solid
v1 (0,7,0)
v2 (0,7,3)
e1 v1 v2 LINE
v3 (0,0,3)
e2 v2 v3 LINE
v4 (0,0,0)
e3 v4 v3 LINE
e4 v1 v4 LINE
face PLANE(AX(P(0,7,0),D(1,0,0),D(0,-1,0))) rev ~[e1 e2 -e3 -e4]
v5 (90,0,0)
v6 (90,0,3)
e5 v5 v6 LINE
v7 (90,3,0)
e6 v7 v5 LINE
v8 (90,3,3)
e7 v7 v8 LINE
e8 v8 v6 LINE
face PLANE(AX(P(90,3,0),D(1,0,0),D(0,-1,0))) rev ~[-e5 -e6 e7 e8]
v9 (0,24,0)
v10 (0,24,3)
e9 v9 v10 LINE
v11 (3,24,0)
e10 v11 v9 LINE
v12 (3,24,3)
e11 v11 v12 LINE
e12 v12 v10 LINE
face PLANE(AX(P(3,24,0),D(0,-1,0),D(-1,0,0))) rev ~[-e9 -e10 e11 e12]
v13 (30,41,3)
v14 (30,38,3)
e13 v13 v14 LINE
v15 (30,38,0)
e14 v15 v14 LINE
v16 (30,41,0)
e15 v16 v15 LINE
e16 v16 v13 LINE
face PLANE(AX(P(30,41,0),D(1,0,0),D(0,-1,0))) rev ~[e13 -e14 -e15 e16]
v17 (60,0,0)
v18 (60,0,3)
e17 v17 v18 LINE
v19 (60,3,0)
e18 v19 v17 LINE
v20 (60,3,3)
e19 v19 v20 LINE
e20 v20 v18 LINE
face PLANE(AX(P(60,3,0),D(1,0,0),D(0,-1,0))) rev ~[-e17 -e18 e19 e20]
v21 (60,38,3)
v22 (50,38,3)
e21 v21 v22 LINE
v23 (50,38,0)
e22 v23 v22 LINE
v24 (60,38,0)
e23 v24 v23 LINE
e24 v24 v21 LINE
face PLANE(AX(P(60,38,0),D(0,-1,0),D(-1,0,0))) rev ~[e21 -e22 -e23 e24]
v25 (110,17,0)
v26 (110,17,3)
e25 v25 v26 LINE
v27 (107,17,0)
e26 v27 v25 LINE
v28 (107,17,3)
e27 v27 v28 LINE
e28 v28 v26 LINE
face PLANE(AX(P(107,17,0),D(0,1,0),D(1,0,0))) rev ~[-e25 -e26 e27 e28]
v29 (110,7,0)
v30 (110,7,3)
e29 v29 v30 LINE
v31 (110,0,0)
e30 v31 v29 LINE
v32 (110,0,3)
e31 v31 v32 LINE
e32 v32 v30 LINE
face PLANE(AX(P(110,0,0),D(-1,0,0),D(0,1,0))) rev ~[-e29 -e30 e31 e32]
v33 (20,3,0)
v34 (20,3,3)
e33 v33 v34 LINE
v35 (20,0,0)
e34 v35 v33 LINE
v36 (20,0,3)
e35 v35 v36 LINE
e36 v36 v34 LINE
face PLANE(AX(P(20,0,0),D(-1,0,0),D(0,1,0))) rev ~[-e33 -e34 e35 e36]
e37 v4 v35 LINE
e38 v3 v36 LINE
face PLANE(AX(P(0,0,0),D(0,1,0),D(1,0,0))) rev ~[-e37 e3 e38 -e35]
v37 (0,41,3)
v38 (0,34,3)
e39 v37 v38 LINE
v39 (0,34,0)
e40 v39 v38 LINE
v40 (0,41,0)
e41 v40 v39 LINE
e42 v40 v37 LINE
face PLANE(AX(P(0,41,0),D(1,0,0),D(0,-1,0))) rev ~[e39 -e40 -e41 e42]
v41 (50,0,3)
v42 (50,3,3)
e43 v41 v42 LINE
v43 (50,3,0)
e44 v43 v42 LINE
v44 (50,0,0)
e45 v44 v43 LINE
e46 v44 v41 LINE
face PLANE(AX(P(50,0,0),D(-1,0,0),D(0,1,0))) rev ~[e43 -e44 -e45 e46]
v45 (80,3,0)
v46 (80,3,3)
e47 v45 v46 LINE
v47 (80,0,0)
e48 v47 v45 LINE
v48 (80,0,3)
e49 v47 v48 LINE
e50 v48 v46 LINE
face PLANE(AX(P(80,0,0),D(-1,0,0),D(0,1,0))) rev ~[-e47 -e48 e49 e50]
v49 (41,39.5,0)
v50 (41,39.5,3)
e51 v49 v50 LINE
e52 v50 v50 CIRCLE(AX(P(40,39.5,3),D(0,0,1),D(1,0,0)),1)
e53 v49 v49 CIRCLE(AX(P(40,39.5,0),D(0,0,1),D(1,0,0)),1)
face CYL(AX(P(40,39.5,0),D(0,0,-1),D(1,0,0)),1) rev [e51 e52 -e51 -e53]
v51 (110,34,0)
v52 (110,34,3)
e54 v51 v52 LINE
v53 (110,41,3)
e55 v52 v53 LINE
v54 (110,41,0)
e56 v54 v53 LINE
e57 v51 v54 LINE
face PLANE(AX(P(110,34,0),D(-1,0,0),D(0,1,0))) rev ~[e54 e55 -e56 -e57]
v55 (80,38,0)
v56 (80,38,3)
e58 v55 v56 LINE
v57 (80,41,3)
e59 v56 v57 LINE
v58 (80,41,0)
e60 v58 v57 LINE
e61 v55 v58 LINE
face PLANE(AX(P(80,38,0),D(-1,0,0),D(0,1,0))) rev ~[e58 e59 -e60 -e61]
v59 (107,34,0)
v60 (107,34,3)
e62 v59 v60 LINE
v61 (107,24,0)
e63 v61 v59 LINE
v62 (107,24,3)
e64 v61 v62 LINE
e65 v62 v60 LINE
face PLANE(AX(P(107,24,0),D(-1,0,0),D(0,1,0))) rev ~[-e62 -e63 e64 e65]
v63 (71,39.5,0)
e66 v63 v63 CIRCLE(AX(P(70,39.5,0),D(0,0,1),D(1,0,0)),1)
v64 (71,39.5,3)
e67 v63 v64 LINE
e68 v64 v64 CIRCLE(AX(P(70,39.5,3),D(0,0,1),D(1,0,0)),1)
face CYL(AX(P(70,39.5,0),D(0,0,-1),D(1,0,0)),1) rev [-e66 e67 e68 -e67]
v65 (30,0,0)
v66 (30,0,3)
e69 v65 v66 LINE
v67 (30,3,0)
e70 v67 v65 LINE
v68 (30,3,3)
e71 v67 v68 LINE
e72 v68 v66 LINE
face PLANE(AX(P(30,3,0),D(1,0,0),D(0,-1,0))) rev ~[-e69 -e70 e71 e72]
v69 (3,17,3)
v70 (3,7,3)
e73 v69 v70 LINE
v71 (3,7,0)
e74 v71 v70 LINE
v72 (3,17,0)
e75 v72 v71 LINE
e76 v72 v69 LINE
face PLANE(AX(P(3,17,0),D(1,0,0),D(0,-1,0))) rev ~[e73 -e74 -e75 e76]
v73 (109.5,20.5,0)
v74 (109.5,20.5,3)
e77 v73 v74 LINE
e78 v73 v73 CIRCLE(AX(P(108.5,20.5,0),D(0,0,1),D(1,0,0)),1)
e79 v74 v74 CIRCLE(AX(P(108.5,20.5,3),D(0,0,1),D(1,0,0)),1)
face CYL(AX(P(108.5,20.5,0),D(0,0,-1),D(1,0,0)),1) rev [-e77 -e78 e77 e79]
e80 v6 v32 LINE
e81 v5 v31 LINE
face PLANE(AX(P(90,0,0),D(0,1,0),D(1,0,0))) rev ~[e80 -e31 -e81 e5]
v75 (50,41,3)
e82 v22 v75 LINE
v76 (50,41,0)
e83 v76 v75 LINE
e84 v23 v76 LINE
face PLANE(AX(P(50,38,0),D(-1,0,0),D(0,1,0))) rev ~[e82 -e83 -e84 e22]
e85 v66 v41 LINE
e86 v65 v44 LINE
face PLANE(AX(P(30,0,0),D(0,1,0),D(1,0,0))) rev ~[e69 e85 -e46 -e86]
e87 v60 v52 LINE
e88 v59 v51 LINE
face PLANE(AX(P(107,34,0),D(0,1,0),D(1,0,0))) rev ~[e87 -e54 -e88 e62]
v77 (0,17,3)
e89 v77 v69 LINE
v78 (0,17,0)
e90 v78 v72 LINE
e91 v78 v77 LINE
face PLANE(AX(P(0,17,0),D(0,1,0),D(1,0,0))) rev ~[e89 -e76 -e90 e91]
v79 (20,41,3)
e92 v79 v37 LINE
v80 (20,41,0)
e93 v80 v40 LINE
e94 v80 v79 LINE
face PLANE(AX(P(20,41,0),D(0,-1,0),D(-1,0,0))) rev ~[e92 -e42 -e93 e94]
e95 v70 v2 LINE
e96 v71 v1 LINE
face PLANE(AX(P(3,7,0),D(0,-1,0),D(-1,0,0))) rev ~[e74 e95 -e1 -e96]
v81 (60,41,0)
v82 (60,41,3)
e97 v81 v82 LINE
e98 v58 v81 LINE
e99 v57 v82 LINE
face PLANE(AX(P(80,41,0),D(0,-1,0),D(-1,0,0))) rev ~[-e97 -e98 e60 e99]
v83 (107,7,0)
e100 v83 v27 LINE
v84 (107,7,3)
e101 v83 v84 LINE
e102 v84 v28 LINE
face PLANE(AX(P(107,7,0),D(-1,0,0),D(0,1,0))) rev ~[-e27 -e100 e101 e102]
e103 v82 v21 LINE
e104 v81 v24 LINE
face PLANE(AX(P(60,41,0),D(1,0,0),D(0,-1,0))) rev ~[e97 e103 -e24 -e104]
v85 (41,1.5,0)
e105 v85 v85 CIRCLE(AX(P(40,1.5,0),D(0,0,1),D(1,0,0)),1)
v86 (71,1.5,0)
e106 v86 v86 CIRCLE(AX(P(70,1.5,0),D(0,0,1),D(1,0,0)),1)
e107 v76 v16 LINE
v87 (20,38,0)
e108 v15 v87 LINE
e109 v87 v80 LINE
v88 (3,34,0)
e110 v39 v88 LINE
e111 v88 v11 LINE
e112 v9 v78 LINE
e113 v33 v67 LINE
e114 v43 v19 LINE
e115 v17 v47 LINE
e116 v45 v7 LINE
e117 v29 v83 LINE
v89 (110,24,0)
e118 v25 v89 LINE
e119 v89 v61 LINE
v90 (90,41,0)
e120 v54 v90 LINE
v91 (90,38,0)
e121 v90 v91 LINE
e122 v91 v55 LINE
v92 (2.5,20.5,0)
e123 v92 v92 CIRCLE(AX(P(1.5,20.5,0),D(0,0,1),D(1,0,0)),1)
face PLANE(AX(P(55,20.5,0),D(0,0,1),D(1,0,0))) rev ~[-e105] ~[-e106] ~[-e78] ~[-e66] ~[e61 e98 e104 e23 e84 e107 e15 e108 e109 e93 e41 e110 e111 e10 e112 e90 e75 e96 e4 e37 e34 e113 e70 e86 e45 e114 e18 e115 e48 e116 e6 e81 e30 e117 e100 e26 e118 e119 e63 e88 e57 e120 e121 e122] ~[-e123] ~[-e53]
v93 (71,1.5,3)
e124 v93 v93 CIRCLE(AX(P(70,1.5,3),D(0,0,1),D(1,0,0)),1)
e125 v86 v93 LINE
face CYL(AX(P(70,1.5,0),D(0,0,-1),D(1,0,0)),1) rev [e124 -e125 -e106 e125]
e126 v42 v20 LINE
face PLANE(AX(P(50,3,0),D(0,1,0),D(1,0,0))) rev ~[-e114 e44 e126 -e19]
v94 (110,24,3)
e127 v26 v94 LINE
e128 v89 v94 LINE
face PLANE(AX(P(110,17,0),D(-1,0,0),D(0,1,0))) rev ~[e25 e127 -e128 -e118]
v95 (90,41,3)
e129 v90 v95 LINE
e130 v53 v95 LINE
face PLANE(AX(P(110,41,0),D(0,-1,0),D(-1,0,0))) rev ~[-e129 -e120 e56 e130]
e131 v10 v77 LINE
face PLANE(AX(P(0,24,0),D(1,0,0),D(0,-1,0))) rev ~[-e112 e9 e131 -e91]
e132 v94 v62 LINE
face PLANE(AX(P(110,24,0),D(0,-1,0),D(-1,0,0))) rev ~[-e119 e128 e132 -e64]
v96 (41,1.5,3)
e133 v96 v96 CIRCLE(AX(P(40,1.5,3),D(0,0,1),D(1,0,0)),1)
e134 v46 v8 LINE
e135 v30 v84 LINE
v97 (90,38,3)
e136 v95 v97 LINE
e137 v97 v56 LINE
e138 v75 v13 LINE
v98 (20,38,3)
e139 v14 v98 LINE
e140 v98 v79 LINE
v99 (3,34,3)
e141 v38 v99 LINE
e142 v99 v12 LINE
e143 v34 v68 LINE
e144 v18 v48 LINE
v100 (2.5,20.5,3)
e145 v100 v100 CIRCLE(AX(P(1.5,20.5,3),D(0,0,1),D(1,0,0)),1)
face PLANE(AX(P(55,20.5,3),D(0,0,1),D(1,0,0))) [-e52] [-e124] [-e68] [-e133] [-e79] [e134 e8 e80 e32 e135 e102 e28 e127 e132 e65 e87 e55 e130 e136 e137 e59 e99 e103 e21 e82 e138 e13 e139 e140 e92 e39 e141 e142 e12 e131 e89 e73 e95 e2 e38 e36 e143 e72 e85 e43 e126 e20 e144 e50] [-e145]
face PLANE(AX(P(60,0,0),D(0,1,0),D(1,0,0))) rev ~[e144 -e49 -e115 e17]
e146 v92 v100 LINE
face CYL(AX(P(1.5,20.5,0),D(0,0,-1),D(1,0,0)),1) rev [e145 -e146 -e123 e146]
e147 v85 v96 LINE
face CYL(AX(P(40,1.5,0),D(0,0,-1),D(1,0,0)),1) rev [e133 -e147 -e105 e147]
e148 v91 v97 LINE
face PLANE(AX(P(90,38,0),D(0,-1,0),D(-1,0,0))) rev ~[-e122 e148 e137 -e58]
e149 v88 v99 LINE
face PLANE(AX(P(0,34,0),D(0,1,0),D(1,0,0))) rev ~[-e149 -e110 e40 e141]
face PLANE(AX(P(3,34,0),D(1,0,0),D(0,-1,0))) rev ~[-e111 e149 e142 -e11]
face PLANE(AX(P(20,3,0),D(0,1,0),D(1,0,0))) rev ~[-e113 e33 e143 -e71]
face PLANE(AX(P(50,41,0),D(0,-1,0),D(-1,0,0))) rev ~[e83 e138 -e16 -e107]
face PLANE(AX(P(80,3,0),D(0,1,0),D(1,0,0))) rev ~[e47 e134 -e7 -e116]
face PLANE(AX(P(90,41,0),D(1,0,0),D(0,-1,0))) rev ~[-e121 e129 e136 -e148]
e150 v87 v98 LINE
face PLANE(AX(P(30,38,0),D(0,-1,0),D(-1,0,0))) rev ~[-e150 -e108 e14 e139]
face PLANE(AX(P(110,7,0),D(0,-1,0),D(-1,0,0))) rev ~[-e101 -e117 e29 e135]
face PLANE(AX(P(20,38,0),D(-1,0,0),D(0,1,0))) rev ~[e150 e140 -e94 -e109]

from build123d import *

# Parameters (mm, degrees)
F0_R     = 1
F1_DEPTH = 3


with BuildPart() as f1:
    # F0 (on Top) → F1 (new body)
    with BuildSketch(Plane.XY):
        Polygon((0, 7), (0, 0), (20, 0), (20, 3), (30, 3), (30, 0), (50, 0), (50, 3), (55, 3), (60, 3), (60, 0), (80, 0), (80, 3), (90, 3), (90, 0), (110, 0), (110, 7), (107, 7), (107, 17), (110, 17), (110, 24), (107, 24), (107, 34), (110, 34), (110, 41), (90, 41), (90, 38), (80, 38), (80, 41), (60, 41), (60, 38), (55, 38), (50, 38), (50, 41), (30, 41), (30, 38), (20, 38), (20, 41), (0, 41), (0, 34), (3, 34), (3, 24), (0, 24), (0, 17), (3, 17), (3, 7), align=None)
        with Locations((40, 1.5)):
            Circle(F0_R, mode=Mode.SUBTRACT)
        with Locations((70, 1.5)):
            Circle(F0_R, mode=Mode.SUBTRACT)
        with Locations((1.5, 20.5)):
            Circle(F0_R, mode=Mode.SUBTRACT)
        with Locations((40, 39.5)):
            Circle(F0_R, mode=Mode.SUBTRACT)
        with Locations((108.5, 20.5)):
            Circle(F0_R, mode=Mode.SUBTRACT)
        with Locations((70, 39.5)):
            Circle(F0_R, mode=Mode.SUBTRACT)
    extrude(amount=F1_DEPTH)


solid = f1.part
